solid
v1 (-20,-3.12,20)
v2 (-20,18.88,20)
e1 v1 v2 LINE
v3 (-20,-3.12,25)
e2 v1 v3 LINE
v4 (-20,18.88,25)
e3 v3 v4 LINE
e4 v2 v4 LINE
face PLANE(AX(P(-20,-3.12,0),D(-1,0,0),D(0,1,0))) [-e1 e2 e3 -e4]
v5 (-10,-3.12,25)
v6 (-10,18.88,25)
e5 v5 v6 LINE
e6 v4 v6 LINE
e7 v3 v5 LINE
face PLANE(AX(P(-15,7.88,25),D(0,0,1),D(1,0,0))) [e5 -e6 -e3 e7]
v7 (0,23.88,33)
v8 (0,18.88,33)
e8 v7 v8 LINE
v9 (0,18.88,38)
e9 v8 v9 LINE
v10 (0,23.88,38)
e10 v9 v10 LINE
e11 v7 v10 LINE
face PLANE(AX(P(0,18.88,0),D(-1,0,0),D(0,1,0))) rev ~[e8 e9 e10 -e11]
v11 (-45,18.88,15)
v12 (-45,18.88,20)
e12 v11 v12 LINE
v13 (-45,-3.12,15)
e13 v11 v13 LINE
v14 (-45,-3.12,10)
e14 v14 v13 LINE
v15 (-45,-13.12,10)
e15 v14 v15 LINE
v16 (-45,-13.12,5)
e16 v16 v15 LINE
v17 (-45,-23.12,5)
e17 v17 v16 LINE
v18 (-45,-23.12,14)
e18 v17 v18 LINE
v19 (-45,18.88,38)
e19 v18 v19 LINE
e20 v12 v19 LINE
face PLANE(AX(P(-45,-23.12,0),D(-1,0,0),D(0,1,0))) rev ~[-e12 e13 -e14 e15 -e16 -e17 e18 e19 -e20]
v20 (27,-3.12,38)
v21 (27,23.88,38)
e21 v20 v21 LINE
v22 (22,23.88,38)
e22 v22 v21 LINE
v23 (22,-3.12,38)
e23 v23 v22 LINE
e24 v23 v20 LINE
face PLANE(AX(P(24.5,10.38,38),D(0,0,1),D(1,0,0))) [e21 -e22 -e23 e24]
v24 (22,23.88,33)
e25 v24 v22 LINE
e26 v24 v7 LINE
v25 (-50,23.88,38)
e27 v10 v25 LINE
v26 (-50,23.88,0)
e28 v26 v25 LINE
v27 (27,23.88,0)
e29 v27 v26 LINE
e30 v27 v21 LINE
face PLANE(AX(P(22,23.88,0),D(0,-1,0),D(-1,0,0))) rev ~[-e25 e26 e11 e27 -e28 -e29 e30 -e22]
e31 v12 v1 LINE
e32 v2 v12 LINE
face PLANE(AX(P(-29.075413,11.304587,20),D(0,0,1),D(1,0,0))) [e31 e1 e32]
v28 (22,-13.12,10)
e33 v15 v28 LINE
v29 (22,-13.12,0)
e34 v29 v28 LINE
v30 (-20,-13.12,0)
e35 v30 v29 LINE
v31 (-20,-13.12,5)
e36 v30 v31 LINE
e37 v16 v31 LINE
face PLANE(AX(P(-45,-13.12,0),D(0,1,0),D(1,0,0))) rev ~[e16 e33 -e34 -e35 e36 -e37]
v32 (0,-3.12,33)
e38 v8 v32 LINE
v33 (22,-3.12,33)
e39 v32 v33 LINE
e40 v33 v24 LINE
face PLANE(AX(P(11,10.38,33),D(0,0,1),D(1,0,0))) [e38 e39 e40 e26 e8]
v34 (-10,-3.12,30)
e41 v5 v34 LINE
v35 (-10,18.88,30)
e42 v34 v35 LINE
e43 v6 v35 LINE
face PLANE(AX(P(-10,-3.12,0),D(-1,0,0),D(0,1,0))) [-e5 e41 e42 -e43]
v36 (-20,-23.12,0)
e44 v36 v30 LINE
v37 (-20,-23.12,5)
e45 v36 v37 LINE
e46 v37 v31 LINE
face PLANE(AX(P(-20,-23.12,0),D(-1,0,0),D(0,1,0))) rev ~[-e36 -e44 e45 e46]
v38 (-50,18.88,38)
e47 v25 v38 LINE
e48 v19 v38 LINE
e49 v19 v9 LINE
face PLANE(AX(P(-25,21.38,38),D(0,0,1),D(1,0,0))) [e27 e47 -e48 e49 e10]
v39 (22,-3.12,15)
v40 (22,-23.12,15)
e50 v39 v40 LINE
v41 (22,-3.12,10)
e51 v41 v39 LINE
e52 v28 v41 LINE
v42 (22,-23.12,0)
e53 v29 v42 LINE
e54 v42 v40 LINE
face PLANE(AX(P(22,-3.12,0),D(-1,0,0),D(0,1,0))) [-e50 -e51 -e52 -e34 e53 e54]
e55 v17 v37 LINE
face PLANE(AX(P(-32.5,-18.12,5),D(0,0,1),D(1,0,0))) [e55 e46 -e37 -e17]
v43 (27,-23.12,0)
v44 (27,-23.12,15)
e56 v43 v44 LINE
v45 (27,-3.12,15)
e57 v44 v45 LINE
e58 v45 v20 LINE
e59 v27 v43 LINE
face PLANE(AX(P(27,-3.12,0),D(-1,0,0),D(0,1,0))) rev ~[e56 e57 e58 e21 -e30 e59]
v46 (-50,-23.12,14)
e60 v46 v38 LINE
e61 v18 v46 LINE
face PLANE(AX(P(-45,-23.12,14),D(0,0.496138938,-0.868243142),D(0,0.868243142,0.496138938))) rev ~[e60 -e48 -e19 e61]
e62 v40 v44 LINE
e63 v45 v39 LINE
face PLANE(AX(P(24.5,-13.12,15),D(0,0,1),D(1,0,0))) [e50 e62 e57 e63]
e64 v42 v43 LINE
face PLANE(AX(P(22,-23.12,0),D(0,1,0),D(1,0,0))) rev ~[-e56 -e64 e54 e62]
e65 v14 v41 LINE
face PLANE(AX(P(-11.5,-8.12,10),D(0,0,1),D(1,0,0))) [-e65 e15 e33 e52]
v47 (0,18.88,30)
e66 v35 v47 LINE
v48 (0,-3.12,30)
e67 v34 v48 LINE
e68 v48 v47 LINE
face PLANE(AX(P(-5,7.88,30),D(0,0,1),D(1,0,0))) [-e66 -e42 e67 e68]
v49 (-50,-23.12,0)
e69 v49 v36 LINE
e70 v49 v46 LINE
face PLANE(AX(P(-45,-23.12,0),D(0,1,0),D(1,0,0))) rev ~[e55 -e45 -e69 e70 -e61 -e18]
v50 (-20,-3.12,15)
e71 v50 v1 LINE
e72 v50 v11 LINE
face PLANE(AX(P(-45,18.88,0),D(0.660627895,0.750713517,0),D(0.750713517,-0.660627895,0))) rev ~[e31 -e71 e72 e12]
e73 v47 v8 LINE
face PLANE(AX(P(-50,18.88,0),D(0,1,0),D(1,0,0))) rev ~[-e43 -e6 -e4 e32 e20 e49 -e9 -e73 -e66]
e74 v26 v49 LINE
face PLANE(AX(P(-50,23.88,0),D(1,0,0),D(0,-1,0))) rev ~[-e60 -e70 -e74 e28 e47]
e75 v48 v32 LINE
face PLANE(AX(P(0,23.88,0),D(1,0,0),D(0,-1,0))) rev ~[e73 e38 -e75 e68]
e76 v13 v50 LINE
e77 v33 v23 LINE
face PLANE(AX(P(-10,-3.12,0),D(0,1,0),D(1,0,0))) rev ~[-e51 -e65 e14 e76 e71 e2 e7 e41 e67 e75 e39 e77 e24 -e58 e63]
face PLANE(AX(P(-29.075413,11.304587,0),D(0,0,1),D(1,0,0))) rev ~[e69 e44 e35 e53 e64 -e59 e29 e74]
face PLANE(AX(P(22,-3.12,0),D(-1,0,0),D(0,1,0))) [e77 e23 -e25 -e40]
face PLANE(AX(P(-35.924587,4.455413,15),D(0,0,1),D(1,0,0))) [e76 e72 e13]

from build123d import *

# Parameters (mm, degrees)
F1_DEPTH  = 38
F3_DEPTH  = 25
F4_DEPTH  = 38
F0_W      = 25
F0_H      = 10
F5_DEPTH  = 5
F6_DEPTH  = 10
F7_DEPTH  = 15
F0_W_2    = 5
F0_H_2    = 27
F8_DEPTH  = 38
F9_DEPTH  = 33
F10_DEPTH = 15
F11_DEPTH = 20
F0_W_3    = 10
F0_H_3    = 22
F12_DEPTH = 25
F13_DEPTH = 30


with BuildPart() as f1:
    # F0 (on Top) → F1 (new body)
    with BuildSketch(Plane.XY):
        Polygon((-45, 18.8800000995), (-50, 18.8800000995), (-50, -23.1199999005), (-45, -23.1199999005), (-45, -13.1199999005), (-45, -3.1199999005), align=None)
    extrude(amount=F1_DEPTH)

    # F2 (on face) → F3 (cut)
    with BuildSketch(Plane.YZ.offset(-45)):
        Polygon((-23.1199999005, 14), (18.8800000995, 38), (-23.1199999005, 38), align=None)
    extrude(amount=-F3_DEPTH, mode=Mode.SUBTRACT)

    # F0 (on Top) → F4 (join)
    with BuildSketch(Plane.XY):
        Polygon((0, 23.8800000995), (-50, 23.8800000995), (-50, 18.8800000995), (-45, 18.8800000995), (-20, 18.8800000995), (-10, 18.8800000995), (0, 18.8800000995), align=None)
    extrude(amount=F4_DEPTH)

    # F0 (on Top) → F5 (join)
    with BuildSketch(Plane.XY):
        with Locations((-32.5, -18.1199999005)):
            Rectangle(F0_W, F0_H)
    extrude(amount=F5_DEPTH)

    # F0 (on Top) → F6 (join)
    with BuildSketch(Plane.XY):
        Polygon((22, -13.1199999005), (22, -3.1199999005), (0, -3.1199999005), (-10, -3.1199999005), (-20, -3.1199999005), (-45, -3.1199999005), (-45, -13.1199999005), (-20, -13.1199999005), align=None)
    extrude(amount=F6_DEPTH)

    # F0 (on Top) → F7 (join)
    with BuildSketch(Plane.XY):
        Polygon((27, -3.1199999005), (22, -3.1199999005), (22, -13.1199999005), (22, -23.1199999005), (27, -23.1199999005), align=None)
    extrude(amount=F7_DEPTH)

    # F0 (on Top) → F8 (join)
    with BuildSketch(Plane.XY):
        with Locations((24.5, 10.3800000995)):
            Rectangle(F0_W_2, F0_H_2)
    extrude(amount=F8_DEPTH)

    # F0 (on Top) → F9 (join)
    with BuildSketch(Plane.XY):
        Polygon((22, 23.8800000995), (0, 23.8800000995), (0, 18.8800000995), (0, -3.1199999005), (22, -3.1199999005), align=None)
    extrude(amount=F9_DEPTH)

    # F0 (on Top) → F10 (join)
    with BuildSketch(Plane.XY):
        Polygon((-20, -3.1199999005), (-45, 18.8800000995), (-45, -3.1199999005), align=None)
    extrude(amount=F10_DEPTH)

    # F0 (on Top) → F11 (join)
    with BuildSketch(Plane.XY):
        Polygon((-20, 18.8800000995), (-45, 18.8800000995), (-20, -3.1199999005), align=None)
    extrude(amount=F11_DEPTH)

    # F0 (on Top) → F12 (join)
    with BuildSketch(Plane.XY):
        with Locations((-15, 7.8800000995)):
            Rectangle(F0_W_3, F0_H_3)
    extrude(amount=F12_DEPTH)

    # F0 (on Top) → F13 (join)
    with BuildSketch(Plane.XY):
        with Locations((-5, 7.8800000995)):
            Rectangle(F0_W_3, F0_H_3)
    extrude(amount=F13_DEPTH)


solid = f1.part
